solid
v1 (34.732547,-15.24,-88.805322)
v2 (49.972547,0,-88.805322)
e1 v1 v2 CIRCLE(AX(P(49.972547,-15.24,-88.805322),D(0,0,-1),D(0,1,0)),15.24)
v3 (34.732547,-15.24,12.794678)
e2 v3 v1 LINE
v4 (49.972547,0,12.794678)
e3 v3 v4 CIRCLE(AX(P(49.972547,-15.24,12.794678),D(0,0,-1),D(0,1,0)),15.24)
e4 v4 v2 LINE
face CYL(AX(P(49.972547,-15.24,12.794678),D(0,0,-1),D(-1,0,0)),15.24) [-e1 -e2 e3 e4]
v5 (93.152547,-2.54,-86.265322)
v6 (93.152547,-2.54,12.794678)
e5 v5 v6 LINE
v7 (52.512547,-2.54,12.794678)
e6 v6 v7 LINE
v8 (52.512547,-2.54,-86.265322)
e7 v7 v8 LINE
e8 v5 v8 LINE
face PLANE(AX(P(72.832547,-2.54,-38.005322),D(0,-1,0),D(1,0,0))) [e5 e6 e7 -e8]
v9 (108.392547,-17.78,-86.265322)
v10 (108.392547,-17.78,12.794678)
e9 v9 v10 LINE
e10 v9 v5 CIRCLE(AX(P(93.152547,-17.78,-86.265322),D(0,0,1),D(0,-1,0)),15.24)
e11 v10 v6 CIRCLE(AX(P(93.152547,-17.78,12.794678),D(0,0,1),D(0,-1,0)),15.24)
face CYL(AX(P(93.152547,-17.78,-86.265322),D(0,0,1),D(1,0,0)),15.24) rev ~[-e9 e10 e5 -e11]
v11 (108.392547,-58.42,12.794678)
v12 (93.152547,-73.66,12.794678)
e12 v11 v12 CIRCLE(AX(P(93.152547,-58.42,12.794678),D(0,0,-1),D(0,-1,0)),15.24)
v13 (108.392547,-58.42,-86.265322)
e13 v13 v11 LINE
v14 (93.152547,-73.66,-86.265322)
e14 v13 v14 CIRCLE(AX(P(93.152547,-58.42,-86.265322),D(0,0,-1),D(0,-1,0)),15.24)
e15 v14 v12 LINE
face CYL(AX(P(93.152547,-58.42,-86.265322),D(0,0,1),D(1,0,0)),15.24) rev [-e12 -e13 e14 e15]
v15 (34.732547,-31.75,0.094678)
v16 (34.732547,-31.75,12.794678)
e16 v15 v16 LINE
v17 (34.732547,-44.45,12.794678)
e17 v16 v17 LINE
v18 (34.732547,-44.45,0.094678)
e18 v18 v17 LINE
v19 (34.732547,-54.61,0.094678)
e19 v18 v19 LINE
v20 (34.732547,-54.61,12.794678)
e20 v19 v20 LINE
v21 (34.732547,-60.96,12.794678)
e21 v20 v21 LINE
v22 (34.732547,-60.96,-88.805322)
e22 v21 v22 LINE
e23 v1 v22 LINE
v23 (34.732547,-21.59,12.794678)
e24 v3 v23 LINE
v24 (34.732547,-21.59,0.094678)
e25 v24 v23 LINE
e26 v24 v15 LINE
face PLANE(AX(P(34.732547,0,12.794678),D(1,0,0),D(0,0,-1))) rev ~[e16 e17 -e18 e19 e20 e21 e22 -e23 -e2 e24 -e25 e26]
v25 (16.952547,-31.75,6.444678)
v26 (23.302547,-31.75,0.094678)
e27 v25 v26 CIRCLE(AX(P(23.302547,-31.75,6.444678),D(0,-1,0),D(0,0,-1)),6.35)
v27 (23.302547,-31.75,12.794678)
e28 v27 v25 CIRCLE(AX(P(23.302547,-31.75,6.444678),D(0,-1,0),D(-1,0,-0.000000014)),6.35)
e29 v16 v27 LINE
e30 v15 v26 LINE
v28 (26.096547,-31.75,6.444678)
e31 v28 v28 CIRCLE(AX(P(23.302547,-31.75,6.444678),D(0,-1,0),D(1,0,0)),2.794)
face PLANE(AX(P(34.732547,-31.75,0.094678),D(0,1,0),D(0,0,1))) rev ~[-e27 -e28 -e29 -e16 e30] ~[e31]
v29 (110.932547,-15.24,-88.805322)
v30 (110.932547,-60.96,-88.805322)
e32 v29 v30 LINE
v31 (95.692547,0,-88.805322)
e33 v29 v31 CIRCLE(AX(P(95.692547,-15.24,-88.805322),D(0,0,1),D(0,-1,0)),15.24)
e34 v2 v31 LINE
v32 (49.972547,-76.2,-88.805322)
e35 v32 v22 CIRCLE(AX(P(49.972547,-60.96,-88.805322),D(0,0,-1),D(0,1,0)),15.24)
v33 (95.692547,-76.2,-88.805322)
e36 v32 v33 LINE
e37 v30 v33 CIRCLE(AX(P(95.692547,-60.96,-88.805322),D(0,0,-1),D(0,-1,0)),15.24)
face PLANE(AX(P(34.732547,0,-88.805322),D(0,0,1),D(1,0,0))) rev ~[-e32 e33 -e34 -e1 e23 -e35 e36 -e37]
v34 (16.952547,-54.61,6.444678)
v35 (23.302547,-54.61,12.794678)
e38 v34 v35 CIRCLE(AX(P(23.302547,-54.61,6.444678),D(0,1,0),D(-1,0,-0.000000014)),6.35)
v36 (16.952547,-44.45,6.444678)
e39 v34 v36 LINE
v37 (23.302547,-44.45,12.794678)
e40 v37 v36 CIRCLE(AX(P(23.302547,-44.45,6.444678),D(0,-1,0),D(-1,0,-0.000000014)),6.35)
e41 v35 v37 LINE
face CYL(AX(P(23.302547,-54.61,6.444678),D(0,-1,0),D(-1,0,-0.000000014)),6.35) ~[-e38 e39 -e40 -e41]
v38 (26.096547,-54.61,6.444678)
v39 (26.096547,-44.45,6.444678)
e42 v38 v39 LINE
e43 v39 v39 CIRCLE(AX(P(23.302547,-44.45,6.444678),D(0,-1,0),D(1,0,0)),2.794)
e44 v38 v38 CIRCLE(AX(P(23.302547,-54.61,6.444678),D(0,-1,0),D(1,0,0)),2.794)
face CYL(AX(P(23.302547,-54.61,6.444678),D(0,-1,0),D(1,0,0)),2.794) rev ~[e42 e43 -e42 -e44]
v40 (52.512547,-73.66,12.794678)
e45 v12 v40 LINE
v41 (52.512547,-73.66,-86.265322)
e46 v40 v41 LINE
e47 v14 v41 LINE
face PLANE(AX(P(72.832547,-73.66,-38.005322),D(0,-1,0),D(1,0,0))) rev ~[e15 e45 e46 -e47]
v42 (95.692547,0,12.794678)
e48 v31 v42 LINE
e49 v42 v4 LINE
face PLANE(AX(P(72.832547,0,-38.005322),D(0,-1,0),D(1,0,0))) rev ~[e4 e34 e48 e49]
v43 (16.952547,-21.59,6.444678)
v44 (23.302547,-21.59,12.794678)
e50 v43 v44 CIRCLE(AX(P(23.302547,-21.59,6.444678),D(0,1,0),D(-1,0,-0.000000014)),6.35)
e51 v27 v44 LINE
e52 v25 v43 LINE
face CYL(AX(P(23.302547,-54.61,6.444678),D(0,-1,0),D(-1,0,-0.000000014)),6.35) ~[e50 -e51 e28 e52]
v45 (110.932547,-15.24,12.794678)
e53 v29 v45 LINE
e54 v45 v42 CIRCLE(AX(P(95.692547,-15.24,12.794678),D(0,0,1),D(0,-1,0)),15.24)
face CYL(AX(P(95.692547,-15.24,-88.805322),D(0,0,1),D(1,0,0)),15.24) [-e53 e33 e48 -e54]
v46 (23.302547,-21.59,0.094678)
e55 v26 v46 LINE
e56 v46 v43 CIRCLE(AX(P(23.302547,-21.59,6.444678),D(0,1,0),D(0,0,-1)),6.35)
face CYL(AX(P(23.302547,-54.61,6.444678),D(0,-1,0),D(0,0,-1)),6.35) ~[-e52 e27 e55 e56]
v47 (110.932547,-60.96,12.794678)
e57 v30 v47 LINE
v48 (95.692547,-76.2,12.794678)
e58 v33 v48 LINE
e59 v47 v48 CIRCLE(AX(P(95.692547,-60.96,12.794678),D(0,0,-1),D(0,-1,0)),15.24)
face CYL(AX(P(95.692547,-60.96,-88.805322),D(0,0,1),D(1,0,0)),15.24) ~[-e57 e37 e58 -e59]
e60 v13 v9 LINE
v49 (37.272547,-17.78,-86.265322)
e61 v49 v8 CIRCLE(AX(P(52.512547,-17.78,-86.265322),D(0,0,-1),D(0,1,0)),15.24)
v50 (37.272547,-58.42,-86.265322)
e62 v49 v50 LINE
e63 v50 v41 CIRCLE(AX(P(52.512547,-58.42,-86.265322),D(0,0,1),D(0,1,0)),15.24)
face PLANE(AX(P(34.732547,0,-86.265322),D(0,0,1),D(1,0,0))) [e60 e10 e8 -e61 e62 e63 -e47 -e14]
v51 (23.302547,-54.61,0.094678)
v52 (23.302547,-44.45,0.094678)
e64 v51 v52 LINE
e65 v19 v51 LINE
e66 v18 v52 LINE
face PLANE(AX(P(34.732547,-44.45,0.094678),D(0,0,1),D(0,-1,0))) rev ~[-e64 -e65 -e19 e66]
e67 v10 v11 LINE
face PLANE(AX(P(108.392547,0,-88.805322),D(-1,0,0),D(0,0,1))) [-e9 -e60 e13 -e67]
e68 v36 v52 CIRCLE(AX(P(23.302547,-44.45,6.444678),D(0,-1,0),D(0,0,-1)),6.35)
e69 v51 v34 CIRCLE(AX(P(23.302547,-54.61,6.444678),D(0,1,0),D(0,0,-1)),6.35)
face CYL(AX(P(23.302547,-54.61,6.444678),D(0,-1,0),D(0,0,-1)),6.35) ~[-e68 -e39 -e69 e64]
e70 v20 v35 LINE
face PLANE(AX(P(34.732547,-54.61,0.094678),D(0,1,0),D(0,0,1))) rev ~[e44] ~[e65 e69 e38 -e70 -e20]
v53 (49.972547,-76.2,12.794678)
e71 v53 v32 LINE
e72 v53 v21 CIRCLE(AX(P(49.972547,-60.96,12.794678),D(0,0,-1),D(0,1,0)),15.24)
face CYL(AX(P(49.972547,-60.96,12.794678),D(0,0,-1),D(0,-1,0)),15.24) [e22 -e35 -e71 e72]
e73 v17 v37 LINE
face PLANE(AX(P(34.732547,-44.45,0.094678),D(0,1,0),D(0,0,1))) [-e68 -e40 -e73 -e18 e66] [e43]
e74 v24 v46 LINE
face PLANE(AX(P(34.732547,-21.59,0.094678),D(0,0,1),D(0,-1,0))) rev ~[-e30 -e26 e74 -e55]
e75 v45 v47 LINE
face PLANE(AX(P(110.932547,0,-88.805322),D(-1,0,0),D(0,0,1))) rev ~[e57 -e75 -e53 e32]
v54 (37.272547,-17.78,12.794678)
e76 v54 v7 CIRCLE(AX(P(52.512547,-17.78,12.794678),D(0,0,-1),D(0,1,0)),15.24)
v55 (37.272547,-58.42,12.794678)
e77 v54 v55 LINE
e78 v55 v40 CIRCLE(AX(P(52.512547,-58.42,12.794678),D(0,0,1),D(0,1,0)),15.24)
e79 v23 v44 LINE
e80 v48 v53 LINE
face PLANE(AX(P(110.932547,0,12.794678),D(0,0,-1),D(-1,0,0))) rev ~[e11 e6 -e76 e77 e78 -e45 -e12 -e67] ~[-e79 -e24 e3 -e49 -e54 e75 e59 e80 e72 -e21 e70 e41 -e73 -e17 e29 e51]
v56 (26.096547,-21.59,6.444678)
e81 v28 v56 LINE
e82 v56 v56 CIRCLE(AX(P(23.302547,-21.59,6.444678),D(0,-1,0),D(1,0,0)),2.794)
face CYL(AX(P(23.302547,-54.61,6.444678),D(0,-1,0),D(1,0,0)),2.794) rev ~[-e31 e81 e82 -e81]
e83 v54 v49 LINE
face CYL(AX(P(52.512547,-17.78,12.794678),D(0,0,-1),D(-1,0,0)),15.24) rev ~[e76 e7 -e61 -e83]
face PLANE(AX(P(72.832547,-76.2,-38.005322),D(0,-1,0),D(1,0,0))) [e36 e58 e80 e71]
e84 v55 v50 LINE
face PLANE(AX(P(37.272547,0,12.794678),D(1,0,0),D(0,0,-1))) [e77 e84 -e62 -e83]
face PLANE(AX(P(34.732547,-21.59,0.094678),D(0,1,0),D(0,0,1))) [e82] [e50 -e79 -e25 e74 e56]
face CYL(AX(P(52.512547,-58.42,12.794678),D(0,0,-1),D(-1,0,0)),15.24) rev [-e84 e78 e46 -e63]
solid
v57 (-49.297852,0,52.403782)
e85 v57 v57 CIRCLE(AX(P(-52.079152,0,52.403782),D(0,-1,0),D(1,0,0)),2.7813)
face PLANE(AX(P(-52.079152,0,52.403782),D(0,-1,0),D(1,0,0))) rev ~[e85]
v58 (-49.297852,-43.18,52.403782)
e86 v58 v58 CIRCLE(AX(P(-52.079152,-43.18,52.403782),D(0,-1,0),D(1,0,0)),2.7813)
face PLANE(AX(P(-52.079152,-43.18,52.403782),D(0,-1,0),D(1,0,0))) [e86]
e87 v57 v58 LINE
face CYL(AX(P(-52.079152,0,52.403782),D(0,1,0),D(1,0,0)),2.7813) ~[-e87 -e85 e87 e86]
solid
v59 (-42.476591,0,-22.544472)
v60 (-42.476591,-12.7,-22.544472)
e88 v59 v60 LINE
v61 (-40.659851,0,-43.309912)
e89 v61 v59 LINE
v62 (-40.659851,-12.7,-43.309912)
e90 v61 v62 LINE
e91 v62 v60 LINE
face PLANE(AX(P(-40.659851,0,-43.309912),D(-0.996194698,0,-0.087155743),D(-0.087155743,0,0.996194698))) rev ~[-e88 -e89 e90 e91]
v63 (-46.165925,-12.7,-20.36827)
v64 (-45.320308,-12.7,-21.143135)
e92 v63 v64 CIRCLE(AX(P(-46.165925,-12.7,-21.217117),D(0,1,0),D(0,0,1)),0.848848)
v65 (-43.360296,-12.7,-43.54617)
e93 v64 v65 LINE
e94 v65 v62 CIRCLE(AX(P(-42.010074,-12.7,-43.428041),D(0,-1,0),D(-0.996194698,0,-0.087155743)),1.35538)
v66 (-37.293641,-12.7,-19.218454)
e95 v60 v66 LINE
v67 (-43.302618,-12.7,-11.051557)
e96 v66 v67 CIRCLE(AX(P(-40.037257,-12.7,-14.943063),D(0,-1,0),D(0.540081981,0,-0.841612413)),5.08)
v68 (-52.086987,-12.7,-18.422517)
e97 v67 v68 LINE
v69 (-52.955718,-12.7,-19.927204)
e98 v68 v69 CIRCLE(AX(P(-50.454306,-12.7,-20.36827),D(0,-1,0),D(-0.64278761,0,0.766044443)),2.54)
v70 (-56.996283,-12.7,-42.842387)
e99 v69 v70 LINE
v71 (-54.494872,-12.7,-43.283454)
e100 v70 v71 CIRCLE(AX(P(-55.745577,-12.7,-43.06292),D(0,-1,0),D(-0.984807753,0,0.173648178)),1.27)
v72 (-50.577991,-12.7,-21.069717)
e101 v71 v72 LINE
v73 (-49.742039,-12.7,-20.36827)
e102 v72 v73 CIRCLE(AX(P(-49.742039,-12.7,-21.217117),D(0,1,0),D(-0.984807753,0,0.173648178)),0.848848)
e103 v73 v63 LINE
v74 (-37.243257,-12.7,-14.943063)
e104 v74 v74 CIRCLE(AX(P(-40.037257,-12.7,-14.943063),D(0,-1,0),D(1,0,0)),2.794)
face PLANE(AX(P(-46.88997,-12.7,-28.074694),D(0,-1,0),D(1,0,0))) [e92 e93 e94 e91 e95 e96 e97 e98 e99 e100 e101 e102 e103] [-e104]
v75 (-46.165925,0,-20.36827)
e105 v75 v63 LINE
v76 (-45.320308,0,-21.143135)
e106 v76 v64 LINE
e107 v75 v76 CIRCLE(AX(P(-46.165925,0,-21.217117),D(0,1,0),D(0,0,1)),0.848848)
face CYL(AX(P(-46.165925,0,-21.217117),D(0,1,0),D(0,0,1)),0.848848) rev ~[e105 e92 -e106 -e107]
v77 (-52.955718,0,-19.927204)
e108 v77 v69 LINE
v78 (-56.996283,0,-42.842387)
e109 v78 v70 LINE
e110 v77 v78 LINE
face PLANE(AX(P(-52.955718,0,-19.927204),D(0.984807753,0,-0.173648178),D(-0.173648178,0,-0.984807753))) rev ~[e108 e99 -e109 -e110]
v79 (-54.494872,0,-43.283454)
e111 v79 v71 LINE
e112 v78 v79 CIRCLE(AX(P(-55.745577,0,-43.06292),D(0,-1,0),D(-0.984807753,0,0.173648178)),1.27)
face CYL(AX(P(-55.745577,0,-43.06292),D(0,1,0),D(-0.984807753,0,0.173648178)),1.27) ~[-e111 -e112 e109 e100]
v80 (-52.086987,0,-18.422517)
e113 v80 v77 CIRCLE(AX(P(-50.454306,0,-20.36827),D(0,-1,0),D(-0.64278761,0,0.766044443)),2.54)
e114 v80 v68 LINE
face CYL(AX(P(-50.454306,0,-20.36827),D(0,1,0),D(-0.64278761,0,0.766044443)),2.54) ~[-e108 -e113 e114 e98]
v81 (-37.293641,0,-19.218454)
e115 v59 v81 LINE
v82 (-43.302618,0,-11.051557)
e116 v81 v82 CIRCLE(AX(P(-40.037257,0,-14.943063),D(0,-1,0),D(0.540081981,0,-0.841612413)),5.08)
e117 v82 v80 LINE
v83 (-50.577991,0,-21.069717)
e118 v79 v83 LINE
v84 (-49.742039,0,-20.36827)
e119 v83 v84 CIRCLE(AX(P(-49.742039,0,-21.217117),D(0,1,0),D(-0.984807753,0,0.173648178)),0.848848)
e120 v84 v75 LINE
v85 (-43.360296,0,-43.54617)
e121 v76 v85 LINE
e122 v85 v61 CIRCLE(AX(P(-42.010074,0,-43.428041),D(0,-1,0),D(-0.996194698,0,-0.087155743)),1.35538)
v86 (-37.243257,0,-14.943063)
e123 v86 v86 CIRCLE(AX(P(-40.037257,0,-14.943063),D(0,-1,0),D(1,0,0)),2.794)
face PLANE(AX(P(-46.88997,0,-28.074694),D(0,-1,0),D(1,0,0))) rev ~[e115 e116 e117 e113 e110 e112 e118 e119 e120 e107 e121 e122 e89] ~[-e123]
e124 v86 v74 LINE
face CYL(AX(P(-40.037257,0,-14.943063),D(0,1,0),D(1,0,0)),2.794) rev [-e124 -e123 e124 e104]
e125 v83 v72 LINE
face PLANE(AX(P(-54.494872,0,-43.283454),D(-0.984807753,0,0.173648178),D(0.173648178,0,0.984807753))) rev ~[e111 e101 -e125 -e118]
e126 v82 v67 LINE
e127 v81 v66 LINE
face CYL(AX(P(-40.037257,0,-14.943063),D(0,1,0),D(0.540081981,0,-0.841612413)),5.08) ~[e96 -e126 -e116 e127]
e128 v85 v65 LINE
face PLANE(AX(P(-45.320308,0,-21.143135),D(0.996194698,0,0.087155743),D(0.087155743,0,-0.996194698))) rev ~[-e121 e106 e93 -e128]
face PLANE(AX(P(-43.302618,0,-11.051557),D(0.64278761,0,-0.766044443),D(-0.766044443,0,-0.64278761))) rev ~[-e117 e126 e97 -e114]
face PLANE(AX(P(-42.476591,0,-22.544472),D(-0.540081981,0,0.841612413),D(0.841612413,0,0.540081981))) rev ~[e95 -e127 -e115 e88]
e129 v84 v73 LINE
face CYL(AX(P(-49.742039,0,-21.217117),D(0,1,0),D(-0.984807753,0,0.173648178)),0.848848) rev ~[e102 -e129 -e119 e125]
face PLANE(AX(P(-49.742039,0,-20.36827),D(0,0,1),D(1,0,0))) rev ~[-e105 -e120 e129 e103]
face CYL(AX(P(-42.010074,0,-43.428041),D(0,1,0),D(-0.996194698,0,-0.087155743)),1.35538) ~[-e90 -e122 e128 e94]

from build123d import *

# Parameters (mm, degrees)
F0_R      = 2.794
F1_DEPTH  = 12.7
F3_DEPTH  = 76.2
F4_T      = -2.54
F5_R      = 15.24
F6_R      = 15.24
F7_W      = 10.16
F7_H      = 12.7
F8_DEPTH  = 17.78
F10_DEPTH = 33.02
F9_R      = 2.794
F11_DEPTH = 33.02
F12_R     = 2.7813
F13_DEPTH = 43.18


with BuildPart() as f1:
    # F0 (on Front) → F1 (new body)
    with BuildSketch(Plane.XZ):
        with BuildLine():
            Line((-52.9557178239, -19.9272039703), (-56.9962829072, -42.842387268))
            ThreePointArc((-56.9962829072, -42.842387268), (-55.9661104361, -44.3136260292), (-54.4948716749, -43.2834535581))
            Line((-54.4948716749, -43.2834535581), (-50.5779905068, -21.0697165999))
            ThreePointArc((-50.5779905068, -21.0697165999), (-50.2876675436, -20.566862477), (-49.7420388513, -20.3682698741))
            Line((-49.7420388513, -20.3682698741), (-46.1659254268, -20.3682698741))
            ThreePointArc((-46.1659254268, -20.3682698741), (-45.5924523294, -20.5912813649), (-45.3203079908, -21.143135492))
            Line((-45.3203079908, -21.143135492), (-43.3602964284, -43.546170164))
            ThreePointArc((-43.3602964284, -43.546170164), (-41.8919443993, -44.7782638101), (-40.6598507532, -43.309911781))
            Line((-40.6598507532, -43.309911781), (-42.4765913108, -22.5444721875))
            Line((-42.4765913108, -22.5444721875), (-37.2936406402, -19.2184539172))
            ThreePointArc((-37.2936406402, -19.2184539172), (-35.9454842194, -11.9324491853), (-43.3026181586, -11.0515570864))
            Line((-43.3026181586, -11.0515570864), (-52.0869866599, -18.422517456))
            ThreePointArc((-52.0869866599, -18.422517456), (-52.6540106569, -19.0982703415), (-52.9557178239, -19.9272039703))
        make_face()
        with Locations((-40.0372571014, -14.9430628575)):
            Circle(F0_R, mode=Mode.SUBTRACT)
    extrude(amount=F1_DEPTH)


with BuildPart() as f3:
    # F2 (on Front) → F3 (new body)
    with BuildSketch(Plane.XZ):
        Polygon((34.7325472392, 7.2066777061), (34.7325472392, -88.8053222939), (110.9325472392, -88.8053222939), (110.9325472392, 12.7946777061), (34.7325472392, 12.7946777061), align=None)
    extrude(amount=F3_DEPTH)

    # F4
    f4_openings = [f3.faces().sort_by_distance(p)[0] for p in [
        (72.832547, -38.1, 12.794678),
    ]]
    offset(amount=F4_T, openings=f4_openings)

    # F5
    f5_edges = [f3.edges().sort_by_distance(p)[0] for p in [
        (37.272547, -2.54, -36.735322),
        (108.392547, -2.54, -36.735322),
        (37.272547, -73.66, -36.735322),
        (108.392547, -73.66, -36.735322),
    ]]
    fillet(f5_edges, radius=F5_R)

    # F6
    f6_edges = [f3.edges().sort_by_distance(p)[0] for p in [
        (110.932547, 0, -38.005322),
        (110.932547, -76.2, -38.005322),
        (34.732547, 0, -38.005322),
        (34.732547, -76.2, -38.005322),
    ]]
    fillet(f6_edges, radius=F6_R)

    # F7 (on face) → F8 (join)
    with BuildSketch(Plane(origin=(34.7325472392, 0, 0), x_dir=(0, -1, 0), z_dir=(-1, 0, 0))):
        with Locations((26.67, 6.4446777061)):
            Rectangle(F7_W, F7_H)
        with Locations((49.53, 6.4446777061)):
            Rectangle(F7_W, F7_H)
    extrude(amount=F8_DEPTH)

    # F9 (on face) → F10 (cut)
    with BuildSketch(Plane.XZ.offset(54.61)):
        with BuildLine():
            Line((16.9525472392, 0.0946777061), (23.3025472392, 0.0946777061))
            ThreePointArc((23.3025472392, 0.0946777061), (18.8124192105, 1.9545496137), (16.9525472392, 6.444677616))
            Line((16.9525472392, 6.444677616), (16.9525472392, 0.0946777061))
        make_face()
        with BuildLine():
            ThreePointArc((16.9525472392, 6.444677616), (18.8124191468, 10.9348057347), (23.3025472392, 12.7946777061))
            Line((23.3025472392, 12.7946777061), (16.9525472392, 12.7946777061))
            Line((16.9525472392, 12.7946777061), (16.9525472392, 6.444677616))
        make_face()
    extrude(amount=-F10_DEPTH, mode=Mode.SUBTRACT)

    # F9 (on face) → F11 (cut)
    with BuildSketch(Plane.XZ.offset(54.61)):
        with Locations((23.3025472392, 6.4446777061)):
            Circle(F9_R)
    extrude(amount=-F11_DEPTH, mode=Mode.SUBTRACT)


with BuildPart() as f13:
    # F12 (on Front) → F13 (new body)
    with BuildSketch(Plane.XZ):
        with Locations((-52.0791523159, 52.403781563)):
            Circle(F12_R)
    extrude(amount=F13_DEPTH)


solid = Compound([f1.part, f3.part, f13.part])
